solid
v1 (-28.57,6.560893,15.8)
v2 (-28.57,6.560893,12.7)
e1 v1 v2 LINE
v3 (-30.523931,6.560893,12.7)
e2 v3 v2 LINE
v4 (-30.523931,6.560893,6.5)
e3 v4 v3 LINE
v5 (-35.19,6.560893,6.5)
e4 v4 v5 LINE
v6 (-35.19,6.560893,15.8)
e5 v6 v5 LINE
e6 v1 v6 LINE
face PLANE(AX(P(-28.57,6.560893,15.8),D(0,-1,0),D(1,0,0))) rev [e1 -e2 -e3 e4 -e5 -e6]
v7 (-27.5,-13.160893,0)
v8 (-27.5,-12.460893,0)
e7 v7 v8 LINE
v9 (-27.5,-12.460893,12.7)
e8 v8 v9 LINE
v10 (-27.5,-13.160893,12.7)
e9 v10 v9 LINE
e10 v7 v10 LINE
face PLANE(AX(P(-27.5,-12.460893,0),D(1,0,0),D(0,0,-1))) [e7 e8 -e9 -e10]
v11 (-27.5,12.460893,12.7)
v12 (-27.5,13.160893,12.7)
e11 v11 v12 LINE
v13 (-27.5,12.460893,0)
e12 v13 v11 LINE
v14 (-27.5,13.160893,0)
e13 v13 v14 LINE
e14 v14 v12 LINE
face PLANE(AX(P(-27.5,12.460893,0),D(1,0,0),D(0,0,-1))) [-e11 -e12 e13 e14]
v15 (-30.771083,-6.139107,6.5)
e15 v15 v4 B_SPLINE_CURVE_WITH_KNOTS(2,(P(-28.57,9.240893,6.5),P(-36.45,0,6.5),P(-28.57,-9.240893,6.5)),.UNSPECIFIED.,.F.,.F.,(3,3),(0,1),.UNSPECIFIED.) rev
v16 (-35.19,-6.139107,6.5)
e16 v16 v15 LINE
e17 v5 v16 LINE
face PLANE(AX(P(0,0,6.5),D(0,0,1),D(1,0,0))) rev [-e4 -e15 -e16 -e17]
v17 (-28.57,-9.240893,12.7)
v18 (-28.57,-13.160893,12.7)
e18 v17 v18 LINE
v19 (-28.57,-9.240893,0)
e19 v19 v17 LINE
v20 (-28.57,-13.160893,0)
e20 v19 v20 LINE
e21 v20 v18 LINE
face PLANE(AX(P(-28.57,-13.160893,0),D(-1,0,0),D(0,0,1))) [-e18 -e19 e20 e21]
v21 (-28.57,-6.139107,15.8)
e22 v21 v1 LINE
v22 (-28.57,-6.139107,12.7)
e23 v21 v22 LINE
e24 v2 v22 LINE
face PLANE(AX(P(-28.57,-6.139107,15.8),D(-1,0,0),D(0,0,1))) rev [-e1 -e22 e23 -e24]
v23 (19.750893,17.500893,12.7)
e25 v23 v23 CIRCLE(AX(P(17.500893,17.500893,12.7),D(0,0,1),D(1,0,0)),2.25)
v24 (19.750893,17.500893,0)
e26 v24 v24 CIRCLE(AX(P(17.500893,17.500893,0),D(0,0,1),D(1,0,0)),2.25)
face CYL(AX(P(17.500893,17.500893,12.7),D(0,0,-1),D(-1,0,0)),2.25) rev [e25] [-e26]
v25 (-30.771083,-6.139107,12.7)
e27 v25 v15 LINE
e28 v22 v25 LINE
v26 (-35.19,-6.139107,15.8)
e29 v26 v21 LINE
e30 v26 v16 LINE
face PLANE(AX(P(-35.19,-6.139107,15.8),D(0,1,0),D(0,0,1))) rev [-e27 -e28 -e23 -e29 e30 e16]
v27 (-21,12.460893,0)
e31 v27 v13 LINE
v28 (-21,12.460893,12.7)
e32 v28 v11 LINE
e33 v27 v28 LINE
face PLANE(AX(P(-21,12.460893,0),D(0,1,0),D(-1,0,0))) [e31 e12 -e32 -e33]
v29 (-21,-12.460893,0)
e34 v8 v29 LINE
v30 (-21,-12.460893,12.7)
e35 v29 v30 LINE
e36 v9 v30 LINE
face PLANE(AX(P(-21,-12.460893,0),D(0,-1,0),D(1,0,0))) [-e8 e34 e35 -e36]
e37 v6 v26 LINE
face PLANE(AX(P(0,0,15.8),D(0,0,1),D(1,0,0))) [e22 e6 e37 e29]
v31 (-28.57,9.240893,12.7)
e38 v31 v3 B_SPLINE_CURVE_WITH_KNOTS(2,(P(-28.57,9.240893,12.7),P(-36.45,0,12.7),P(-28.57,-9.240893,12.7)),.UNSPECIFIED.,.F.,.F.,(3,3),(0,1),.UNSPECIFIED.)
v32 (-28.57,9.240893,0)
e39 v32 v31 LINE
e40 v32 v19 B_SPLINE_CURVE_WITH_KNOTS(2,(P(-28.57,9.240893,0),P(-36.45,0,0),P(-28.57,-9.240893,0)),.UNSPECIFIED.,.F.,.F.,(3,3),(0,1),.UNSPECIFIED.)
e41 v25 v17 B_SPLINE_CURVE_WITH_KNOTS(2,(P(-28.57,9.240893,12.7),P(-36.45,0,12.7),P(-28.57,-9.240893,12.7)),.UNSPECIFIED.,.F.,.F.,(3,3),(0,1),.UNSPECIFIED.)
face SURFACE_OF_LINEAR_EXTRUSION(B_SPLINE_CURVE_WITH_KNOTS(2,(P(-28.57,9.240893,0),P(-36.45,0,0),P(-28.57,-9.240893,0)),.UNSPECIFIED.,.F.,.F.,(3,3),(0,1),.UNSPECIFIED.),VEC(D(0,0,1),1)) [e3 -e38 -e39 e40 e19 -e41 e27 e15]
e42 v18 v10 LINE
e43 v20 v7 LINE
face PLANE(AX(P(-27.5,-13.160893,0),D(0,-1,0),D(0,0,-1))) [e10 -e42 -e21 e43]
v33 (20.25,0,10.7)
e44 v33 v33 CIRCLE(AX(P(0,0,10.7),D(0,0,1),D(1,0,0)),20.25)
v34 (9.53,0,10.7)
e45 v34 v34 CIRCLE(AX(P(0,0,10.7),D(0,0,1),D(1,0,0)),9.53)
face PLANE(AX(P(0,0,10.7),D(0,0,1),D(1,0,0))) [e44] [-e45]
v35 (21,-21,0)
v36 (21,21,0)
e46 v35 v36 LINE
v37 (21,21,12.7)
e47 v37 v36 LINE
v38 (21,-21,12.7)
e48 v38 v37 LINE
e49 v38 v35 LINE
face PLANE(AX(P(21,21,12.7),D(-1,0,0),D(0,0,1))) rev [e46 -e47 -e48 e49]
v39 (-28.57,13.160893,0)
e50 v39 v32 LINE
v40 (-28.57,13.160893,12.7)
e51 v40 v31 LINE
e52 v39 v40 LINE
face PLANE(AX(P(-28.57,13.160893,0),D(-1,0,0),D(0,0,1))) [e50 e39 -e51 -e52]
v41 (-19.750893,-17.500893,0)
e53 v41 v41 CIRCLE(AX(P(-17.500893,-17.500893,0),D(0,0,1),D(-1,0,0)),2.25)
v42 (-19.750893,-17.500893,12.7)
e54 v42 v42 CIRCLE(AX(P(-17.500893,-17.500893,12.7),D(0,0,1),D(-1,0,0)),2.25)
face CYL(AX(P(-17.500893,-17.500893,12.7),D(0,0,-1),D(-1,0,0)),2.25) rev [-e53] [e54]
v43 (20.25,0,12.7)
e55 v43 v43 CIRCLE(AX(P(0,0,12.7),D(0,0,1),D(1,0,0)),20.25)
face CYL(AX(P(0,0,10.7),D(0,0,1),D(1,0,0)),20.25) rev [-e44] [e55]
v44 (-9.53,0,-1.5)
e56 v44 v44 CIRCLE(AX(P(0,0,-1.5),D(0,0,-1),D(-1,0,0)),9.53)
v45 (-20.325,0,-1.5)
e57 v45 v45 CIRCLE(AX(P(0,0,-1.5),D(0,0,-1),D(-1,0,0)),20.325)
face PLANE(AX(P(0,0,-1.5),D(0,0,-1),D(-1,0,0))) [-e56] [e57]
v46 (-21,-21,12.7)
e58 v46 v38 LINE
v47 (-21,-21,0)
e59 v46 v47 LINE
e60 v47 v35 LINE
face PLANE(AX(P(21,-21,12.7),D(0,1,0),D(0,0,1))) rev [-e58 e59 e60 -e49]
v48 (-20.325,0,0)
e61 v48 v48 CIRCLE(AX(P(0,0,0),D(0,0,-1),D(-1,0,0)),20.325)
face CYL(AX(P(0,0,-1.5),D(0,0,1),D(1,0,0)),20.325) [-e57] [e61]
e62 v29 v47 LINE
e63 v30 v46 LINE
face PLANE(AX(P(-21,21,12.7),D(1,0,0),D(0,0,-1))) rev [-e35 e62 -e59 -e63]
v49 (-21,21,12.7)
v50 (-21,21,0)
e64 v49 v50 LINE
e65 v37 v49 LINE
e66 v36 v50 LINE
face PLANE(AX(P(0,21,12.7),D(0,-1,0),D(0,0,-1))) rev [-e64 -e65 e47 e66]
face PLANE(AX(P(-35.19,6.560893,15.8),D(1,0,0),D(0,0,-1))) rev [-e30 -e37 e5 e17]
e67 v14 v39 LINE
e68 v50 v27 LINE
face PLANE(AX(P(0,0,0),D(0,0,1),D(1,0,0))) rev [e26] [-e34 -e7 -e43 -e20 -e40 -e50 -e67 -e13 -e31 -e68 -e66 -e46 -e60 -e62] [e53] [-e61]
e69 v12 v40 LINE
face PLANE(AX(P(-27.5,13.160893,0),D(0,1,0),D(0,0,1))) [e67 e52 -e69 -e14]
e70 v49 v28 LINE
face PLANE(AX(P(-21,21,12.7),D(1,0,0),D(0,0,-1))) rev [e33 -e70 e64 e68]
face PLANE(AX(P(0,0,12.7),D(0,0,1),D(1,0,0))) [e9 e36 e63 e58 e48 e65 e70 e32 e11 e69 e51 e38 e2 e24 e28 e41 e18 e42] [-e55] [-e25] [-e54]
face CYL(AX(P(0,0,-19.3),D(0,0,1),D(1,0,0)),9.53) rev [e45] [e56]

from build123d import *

# Parameters (mm, degrees)
BOSS_EXTRUDE1_DEPTH      = 12.7
SKETCH2_R                = 2.25
CUT_EXTRUDE1_DEPTH       = 12.7
BOSS_EXTRUDE4_DEPTH      = 12.7
SKETCH4_R                = 20.25
CUT_EXTRUDE2_DEPTH       = 2
SKETCH6_R                = 20.325
BOSS_EXTRUDE5_DEPTH      = 1.5
SKETCH5_R                = 9.53
CUT_EXTRUDE3_DEPTH       = 30
SKETCH8_W                = 6.62
SKETCH8_H                = 12.7
BOSS_EXTRUDE7_DEPTH      = 3.1
BOSS_EXTRUDE7_DEPTH_BACK = 6.2


with BuildPart() as part:
    # Sketch1 → Boss-Extrude1 (new body)
    with BuildSketch(Plane.XY):
        Polygon((0, 21), (21, 21), (21, -21), (-21, -21), (-21, 21), align=None)
    extrude(amount=BOSS_EXTRUDE1_DEPTH)

    # Sketch2 → Cut-Extrude1 (cut)
    with BuildSketch(Plane.XY):
        with Locations((17.500892834, 17.500892834)):
            Circle(SKETCH2_R)
        with Locations((-17.500892834, -17.500892834)):
            Circle(SKETCH2_R)
    extrude(amount=CUT_EXTRUDE1_DEPTH, mode=Mode.SUBTRACT)

    # Sketch3 → Boss-Extrude4 (add)
    with BuildSketch(Plane.XY.offset(12.7)):
        with BuildLine():
            Line((-21, -12.460892834), (-27.5, -12.460892834))
            Line((-27.5, -12.460892834), (-27.5, -13.160892834))
            Line((-27.5, -13.160892834), (-28.57, -13.160892834))
            Line((-28.57, -13.160892834), (-28.57, -9.240892834))
            add(Edge.make_bspline(
                [(-28.57, 9.240892834), (-36.45, 0), (-28.57, -9.240892834)],
                knots=[0, 0, 0, 1, 1, 1], degree=2))
            Line((-28.57, 9.240892834), (-28.57, 13.160892834))
            Line((-28.57, 13.160892834), (-27.5, 13.160892834))
            Line((-27.5, 13.160892834), (-27.5, 12.460892834))
            Line((-27.5, 12.460892834), (-21, 12.460892834))
            Line((-21, 12.460892834), (-21, -12.460892834))
        make_face()
    extrude(amount=-BOSS_EXTRUDE4_DEPTH)

    # Sketch4 → Cut-Extrude2 (cut)
    with BuildSketch(Plane.XY.offset(12.7)):
        Circle(SKETCH4_R)
    extrude(amount=-CUT_EXTRUDE2_DEPTH, mode=Mode.SUBTRACT)

    # Sketch6 → Boss-Extrude5 (add)
    with BuildSketch(Plane(origin=(0, 0, 0), x_dir=(-1, 0, 0), z_dir=(0, 0, -1))):
        Circle(SKETCH6_R)
    extrude(amount=BOSS_EXTRUDE5_DEPTH)

    # Sketch5 → Cut-Extrude3 (cut)
    with BuildSketch(Plane.XY.offset(10.7)):
        Circle(SKETCH5_R)
    extrude(amount=-CUT_EXTRUDE3_DEPTH, mode=Mode.SUBTRACT)

    # Sketch8 → Boss-Extrude7 (add, two sides)
    with BuildSketch(Plane.XY.offset(12.7)) as boss_extrude7_sk:
        with Locations((-31.88, 0.210892834)):
            Rectangle(SKETCH8_W, SKETCH8_H)
    extrude(amount=BOSS_EXTRUDE7_DEPTH)
    extrude(boss_extrude7_sk.sketch, amount=-BOSS_EXTRUDE7_DEPTH_BACK)


solid = part.part
